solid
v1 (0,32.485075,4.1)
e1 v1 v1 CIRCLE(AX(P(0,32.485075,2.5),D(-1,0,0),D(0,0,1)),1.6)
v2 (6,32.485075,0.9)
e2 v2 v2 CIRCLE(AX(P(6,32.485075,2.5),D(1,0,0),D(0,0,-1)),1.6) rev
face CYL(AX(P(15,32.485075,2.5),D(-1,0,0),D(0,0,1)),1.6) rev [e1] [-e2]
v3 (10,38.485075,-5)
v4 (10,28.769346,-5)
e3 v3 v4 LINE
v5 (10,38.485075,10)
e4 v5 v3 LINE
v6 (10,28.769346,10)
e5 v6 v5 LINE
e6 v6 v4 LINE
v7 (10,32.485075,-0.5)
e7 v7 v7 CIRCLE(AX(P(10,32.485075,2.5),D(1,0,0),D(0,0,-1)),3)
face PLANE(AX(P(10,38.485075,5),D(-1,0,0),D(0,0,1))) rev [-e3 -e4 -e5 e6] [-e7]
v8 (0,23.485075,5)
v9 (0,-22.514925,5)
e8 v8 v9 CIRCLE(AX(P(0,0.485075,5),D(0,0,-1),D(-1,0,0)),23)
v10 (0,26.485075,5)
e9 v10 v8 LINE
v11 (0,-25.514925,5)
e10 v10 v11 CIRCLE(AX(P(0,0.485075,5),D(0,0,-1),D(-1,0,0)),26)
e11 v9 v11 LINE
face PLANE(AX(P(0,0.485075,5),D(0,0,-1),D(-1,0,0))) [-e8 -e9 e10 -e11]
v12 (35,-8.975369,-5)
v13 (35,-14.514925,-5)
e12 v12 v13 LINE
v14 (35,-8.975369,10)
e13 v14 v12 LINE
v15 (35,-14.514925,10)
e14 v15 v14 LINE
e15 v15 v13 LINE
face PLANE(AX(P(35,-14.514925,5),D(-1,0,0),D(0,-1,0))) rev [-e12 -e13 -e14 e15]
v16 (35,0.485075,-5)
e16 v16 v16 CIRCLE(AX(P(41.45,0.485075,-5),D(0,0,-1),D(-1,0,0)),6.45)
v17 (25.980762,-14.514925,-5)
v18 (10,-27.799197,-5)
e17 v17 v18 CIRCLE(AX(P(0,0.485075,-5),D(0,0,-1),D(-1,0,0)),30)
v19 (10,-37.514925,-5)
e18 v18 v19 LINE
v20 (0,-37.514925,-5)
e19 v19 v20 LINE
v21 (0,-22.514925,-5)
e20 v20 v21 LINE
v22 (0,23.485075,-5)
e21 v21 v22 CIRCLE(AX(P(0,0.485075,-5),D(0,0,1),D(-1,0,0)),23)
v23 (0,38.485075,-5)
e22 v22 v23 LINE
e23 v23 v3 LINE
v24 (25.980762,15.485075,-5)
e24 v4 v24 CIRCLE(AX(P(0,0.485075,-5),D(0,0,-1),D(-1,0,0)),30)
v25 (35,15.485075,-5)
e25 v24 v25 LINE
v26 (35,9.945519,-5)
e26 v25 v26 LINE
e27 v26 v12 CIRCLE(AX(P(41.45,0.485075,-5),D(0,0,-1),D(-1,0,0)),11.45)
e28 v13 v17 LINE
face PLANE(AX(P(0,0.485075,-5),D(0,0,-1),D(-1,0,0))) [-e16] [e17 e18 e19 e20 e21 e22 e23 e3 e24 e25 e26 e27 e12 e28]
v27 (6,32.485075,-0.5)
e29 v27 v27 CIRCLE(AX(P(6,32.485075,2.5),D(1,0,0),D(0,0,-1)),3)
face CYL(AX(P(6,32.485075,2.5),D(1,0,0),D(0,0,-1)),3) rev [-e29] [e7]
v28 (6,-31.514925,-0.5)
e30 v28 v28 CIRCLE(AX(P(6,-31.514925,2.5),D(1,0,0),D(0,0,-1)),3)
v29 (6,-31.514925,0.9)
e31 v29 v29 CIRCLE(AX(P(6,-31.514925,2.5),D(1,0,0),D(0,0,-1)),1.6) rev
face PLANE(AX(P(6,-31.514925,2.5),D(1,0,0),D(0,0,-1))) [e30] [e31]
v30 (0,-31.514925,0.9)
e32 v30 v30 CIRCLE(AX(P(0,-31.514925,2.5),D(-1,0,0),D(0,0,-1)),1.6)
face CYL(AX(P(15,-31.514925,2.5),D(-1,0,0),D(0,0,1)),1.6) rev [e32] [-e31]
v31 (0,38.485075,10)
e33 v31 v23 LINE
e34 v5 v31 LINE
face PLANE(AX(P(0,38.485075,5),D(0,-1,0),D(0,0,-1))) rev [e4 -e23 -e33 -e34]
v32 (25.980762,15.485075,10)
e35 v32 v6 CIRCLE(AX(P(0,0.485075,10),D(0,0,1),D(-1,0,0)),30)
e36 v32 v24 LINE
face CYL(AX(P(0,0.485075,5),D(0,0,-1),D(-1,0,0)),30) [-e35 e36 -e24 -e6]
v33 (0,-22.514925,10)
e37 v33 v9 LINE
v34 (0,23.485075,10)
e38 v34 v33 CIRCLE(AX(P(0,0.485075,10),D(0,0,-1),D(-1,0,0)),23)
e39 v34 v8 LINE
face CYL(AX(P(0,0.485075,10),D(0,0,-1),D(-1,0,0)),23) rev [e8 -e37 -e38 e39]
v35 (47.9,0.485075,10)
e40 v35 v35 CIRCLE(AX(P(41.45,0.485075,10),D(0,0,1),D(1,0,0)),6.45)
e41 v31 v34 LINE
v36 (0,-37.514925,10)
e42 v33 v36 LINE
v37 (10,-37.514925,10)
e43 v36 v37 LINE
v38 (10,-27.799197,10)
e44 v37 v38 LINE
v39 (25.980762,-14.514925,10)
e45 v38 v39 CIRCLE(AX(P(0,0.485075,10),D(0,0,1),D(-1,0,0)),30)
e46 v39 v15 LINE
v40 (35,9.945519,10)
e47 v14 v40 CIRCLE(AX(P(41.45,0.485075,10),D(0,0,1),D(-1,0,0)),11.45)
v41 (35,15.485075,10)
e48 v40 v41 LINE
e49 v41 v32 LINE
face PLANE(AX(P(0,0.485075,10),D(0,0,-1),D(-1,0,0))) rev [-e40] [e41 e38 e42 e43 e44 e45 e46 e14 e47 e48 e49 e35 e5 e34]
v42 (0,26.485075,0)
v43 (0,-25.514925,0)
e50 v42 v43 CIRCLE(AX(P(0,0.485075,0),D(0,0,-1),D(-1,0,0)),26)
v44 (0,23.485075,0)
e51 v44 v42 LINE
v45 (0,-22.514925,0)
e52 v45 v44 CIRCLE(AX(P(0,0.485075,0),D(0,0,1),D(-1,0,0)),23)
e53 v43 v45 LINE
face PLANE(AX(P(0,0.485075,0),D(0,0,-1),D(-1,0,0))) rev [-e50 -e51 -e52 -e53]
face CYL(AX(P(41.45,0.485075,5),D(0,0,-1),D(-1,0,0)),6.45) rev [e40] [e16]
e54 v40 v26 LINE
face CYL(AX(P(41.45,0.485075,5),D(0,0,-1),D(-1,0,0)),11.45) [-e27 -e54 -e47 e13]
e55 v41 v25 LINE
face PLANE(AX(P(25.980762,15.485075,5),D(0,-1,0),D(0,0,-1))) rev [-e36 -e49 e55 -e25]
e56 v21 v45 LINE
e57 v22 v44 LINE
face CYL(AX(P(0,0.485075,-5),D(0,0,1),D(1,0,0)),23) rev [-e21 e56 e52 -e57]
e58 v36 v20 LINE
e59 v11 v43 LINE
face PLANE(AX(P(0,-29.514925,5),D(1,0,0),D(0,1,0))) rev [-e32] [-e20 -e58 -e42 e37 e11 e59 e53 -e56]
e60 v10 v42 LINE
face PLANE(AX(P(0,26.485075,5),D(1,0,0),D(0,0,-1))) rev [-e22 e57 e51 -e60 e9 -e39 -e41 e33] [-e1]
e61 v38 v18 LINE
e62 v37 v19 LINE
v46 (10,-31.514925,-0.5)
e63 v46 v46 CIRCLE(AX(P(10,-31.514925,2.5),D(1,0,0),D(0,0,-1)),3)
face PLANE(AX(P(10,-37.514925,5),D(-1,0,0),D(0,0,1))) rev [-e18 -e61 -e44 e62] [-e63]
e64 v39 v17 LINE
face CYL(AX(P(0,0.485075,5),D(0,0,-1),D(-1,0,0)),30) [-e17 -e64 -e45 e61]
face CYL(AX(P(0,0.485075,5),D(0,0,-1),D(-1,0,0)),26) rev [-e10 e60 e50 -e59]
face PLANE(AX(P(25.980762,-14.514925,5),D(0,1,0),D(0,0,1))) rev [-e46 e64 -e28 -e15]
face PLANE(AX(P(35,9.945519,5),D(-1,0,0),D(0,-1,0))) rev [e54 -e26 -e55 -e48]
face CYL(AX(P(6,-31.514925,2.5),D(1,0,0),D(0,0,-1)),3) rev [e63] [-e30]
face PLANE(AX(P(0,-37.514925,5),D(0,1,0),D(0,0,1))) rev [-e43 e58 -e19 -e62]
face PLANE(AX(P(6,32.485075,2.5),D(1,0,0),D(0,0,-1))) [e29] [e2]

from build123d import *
from build123d.topology import SkipClean

# Parameters (mm, degrees)
BOSS_EXTRUDE1_DEPTH = 5
SKETCH2_R           = 6.45
BOSS_EXTRUDE2_DEPTH = 5
BOSS_EXTRUDE4_START = 5
SKETCH3_R           = 6.45
BOSS_EXTRUDE4_DEPTH = 5
SKETCH7_R           = 1.6
CUT_EXTRUDE1_DEPTH  = 15
SKETCH9_R           = 3
CUT_EXTRUDE3_DEPTH  = 4


with BuildPart() as part:
    # Sketch1 → Boss-Extrude1 (new body)
    with BuildSketch(Plane.XY):
        with BuildLine():
            Line((0, 26.485074627), (0, 30.485074627))
            Line((0, 30.485074627), (0, 38.485074627))
            Line((0, 38.485074627), (10, 38.485074627))
            Line((10, 38.485074627), (10, 28.769345874))
            ThreePointArc((10, 28.769345874), (19.177376677, 23.555146664), (25.980762114, 15.485074627))
            Line((25.980762114, 15.485074627), (35, 15.485074627))
            Line((35, 15.485074627), (35, 9.945518591))
            ThreePointArc((35, 9.945518591), (52.9, 0.485074627), (35, -8.975369337))
            Line((35, -8.975369337), (35, -14.514925373))
            Line((35, -14.514925373), (25.980762114, -14.514925373))
            ThreePointArc((25.980762114, -14.514925373), (19.177376677, -22.58499741), (10, -27.799196621))
            Line((10, -27.799196621), (10, -37.514925373))
            Line((10, -37.514925373), (0, -37.514925373))
            Line((0, -37.514925373), (0, -29.514925373))
            Line((0, -29.514925373), (0, -25.514925373))
            ThreePointArc((0, -25.514925373), (26, 0.485074627), (0, 26.485074627))
        make_face()
        with BuildLine():
            ThreePointArc((41.45, 6.935074627), (35, 0.485074627), (41.45, -5.964925373))
            ThreePointArc((41.45, -5.964925373), (47.9, 0.485074627), (41.45, 6.935074627))
        make_face(mode=Mode.SUBTRACT)
    extrude(amount=BOSS_EXTRUDE1_DEPTH)

    # Sketch2 → Boss-Extrude2 (add)
    with SkipClean():  # the faces are left unmerged after this step: merging them gives an invalid solid
        with BuildSketch(Plane.XY.offset(5)):
            with BuildLine():
                Line((0, 26.485074627), (0, 23.485074627))
                ThreePointArc((0, 23.485074627), (23, 0.485074627), (0, -22.514925373))
                Line((0, -22.514925373), (0, -25.514925373))
                Line((0, -25.514925373), (0, -29.514925373))
                Line((0, -29.514925373), (0, -37.514925373))
                Line((0, -37.514925373), (10, -37.514925373))
                Line((10, -37.514925373), (10, -27.799196621))
                ThreePointArc((10, -27.799196621), (19.177376677, -22.58499741), (25.980762114, -14.514925373))
                Line((25.980762114, -14.514925373), (35, -14.514925373))
                Line((35, -14.514925373), (35, -8.975369337))
                ThreePointArc((35, -8.975369337), (52.9, 0.485074627), (35, 9.945518591))
                Line((35, 9.945518591), (35, 15.485074627))
                Line((35, 15.485074627), (25.980762114, 15.485074627))
                ThreePointArc((25.980762114, 15.485074627), (19.177376677, 23.555146664), (10, 28.769345874))
                Line((10, 28.769345874), (10, 38.485074627))
                Line((10, 38.485074627), (0, 38.485074627))
                Line((0, 38.485074627), (0, 30.485074627))
                Line((0, 30.485074627), (0, 26.485074627))
            make_face()
            with Locations((41.45, 0.485074627)):
                Circle(SKETCH2_R, mode=Mode.SUBTRACT)
        extrude(amount=BOSS_EXTRUDE2_DEPTH)

    # Sketch3 → Boss-Extrude4 (add)
    with SkipClean():  # the faces are left unmerged after this step: merging them gives an invalid solid
        with BuildSketch(Plane(origin=(0, 0, 0), x_dir=(-1, 0, 0), z_dir=(0, 0, -1)).offset(BOSS_EXTRUDE4_START)):
            with BuildLine():
                Line((0, -22.514925373), (0, -29.514925373))
                Line((0, -29.514925373), (0, -37.514925373))
                Line((0, -37.514925373), (-10, -37.514925373))
                Line((-10, -37.514925373), (-10, -27.799196621))
                ThreePointArc((-10, -27.799196621), (-19.177376677, -22.58499741), (-25.980762114, -14.514925373))
                Line((-25.980762114, -14.514925373), (-35, -14.514925373))
                Line((-35, -14.514925373), (-35, -8.975369337))
                ThreePointArc((-35, -8.975369337), (-52.9, 0.485074627), (-35, 9.945518591))
                Line((-35, 9.945518591), (-35, 15.485074627))
                Line((-35, 15.485074627), (-25.980762114, 15.485074627))
                ThreePointArc((-25.980762114, 15.485074627), (-19.177376677, 23.555146664), (-10, 28.769345874))
                Line((-10, 28.769345874), (-10, 38.485074627))
                Line((-10, 38.485074627), (0, 38.485074627))
                Line((0, 38.485074627), (0, 30.485074627))
                Line((0, 30.485074627), (0, 23.485074627))
                ThreePointArc((0, 23.485074627), (-23, 0.485074627), (0, -22.514925373))
            make_face()
            with Locations((-41.45, 0.485074627)):
                Circle(SKETCH3_R, mode=Mode.SUBTRACT)
        extrude(amount=-BOSS_EXTRUDE4_DEPTH)

    # Sketch7 → Cut-Extrude1 (cut)
    with SkipClean():  # the faces are left unmerged after this step: merging them gives an invalid solid
        with BuildSketch(Plane.ZY):
            with Locations((2.5, 32.485074627)):
                Circle(SKETCH7_R)
            with Locations((2.5, -31.514925373)):
                Circle(SKETCH7_R)
        extrude(amount=-CUT_EXTRUDE1_DEPTH, mode=Mode.SUBTRACT)

    # Sketch9 → Cut-Extrude3 (cut)
    with SkipClean():  # the faces are left unmerged after this step: merging them gives an invalid solid
        with BuildSketch(Plane(origin=(10, 0, 0), x_dir=(0, 0, -1), z_dir=(1, 0, 0))):
            with Locations((-2.5, -31.514925373)):
                Circle(SKETCH9_R)
            with Locations((-2.5, 32.485074627)):
                Circle(SKETCH9_R)
        extrude(amount=-CUT_EXTRUDE3_DEPTH, mode=Mode.SUBTRACT)


solid = part.part
